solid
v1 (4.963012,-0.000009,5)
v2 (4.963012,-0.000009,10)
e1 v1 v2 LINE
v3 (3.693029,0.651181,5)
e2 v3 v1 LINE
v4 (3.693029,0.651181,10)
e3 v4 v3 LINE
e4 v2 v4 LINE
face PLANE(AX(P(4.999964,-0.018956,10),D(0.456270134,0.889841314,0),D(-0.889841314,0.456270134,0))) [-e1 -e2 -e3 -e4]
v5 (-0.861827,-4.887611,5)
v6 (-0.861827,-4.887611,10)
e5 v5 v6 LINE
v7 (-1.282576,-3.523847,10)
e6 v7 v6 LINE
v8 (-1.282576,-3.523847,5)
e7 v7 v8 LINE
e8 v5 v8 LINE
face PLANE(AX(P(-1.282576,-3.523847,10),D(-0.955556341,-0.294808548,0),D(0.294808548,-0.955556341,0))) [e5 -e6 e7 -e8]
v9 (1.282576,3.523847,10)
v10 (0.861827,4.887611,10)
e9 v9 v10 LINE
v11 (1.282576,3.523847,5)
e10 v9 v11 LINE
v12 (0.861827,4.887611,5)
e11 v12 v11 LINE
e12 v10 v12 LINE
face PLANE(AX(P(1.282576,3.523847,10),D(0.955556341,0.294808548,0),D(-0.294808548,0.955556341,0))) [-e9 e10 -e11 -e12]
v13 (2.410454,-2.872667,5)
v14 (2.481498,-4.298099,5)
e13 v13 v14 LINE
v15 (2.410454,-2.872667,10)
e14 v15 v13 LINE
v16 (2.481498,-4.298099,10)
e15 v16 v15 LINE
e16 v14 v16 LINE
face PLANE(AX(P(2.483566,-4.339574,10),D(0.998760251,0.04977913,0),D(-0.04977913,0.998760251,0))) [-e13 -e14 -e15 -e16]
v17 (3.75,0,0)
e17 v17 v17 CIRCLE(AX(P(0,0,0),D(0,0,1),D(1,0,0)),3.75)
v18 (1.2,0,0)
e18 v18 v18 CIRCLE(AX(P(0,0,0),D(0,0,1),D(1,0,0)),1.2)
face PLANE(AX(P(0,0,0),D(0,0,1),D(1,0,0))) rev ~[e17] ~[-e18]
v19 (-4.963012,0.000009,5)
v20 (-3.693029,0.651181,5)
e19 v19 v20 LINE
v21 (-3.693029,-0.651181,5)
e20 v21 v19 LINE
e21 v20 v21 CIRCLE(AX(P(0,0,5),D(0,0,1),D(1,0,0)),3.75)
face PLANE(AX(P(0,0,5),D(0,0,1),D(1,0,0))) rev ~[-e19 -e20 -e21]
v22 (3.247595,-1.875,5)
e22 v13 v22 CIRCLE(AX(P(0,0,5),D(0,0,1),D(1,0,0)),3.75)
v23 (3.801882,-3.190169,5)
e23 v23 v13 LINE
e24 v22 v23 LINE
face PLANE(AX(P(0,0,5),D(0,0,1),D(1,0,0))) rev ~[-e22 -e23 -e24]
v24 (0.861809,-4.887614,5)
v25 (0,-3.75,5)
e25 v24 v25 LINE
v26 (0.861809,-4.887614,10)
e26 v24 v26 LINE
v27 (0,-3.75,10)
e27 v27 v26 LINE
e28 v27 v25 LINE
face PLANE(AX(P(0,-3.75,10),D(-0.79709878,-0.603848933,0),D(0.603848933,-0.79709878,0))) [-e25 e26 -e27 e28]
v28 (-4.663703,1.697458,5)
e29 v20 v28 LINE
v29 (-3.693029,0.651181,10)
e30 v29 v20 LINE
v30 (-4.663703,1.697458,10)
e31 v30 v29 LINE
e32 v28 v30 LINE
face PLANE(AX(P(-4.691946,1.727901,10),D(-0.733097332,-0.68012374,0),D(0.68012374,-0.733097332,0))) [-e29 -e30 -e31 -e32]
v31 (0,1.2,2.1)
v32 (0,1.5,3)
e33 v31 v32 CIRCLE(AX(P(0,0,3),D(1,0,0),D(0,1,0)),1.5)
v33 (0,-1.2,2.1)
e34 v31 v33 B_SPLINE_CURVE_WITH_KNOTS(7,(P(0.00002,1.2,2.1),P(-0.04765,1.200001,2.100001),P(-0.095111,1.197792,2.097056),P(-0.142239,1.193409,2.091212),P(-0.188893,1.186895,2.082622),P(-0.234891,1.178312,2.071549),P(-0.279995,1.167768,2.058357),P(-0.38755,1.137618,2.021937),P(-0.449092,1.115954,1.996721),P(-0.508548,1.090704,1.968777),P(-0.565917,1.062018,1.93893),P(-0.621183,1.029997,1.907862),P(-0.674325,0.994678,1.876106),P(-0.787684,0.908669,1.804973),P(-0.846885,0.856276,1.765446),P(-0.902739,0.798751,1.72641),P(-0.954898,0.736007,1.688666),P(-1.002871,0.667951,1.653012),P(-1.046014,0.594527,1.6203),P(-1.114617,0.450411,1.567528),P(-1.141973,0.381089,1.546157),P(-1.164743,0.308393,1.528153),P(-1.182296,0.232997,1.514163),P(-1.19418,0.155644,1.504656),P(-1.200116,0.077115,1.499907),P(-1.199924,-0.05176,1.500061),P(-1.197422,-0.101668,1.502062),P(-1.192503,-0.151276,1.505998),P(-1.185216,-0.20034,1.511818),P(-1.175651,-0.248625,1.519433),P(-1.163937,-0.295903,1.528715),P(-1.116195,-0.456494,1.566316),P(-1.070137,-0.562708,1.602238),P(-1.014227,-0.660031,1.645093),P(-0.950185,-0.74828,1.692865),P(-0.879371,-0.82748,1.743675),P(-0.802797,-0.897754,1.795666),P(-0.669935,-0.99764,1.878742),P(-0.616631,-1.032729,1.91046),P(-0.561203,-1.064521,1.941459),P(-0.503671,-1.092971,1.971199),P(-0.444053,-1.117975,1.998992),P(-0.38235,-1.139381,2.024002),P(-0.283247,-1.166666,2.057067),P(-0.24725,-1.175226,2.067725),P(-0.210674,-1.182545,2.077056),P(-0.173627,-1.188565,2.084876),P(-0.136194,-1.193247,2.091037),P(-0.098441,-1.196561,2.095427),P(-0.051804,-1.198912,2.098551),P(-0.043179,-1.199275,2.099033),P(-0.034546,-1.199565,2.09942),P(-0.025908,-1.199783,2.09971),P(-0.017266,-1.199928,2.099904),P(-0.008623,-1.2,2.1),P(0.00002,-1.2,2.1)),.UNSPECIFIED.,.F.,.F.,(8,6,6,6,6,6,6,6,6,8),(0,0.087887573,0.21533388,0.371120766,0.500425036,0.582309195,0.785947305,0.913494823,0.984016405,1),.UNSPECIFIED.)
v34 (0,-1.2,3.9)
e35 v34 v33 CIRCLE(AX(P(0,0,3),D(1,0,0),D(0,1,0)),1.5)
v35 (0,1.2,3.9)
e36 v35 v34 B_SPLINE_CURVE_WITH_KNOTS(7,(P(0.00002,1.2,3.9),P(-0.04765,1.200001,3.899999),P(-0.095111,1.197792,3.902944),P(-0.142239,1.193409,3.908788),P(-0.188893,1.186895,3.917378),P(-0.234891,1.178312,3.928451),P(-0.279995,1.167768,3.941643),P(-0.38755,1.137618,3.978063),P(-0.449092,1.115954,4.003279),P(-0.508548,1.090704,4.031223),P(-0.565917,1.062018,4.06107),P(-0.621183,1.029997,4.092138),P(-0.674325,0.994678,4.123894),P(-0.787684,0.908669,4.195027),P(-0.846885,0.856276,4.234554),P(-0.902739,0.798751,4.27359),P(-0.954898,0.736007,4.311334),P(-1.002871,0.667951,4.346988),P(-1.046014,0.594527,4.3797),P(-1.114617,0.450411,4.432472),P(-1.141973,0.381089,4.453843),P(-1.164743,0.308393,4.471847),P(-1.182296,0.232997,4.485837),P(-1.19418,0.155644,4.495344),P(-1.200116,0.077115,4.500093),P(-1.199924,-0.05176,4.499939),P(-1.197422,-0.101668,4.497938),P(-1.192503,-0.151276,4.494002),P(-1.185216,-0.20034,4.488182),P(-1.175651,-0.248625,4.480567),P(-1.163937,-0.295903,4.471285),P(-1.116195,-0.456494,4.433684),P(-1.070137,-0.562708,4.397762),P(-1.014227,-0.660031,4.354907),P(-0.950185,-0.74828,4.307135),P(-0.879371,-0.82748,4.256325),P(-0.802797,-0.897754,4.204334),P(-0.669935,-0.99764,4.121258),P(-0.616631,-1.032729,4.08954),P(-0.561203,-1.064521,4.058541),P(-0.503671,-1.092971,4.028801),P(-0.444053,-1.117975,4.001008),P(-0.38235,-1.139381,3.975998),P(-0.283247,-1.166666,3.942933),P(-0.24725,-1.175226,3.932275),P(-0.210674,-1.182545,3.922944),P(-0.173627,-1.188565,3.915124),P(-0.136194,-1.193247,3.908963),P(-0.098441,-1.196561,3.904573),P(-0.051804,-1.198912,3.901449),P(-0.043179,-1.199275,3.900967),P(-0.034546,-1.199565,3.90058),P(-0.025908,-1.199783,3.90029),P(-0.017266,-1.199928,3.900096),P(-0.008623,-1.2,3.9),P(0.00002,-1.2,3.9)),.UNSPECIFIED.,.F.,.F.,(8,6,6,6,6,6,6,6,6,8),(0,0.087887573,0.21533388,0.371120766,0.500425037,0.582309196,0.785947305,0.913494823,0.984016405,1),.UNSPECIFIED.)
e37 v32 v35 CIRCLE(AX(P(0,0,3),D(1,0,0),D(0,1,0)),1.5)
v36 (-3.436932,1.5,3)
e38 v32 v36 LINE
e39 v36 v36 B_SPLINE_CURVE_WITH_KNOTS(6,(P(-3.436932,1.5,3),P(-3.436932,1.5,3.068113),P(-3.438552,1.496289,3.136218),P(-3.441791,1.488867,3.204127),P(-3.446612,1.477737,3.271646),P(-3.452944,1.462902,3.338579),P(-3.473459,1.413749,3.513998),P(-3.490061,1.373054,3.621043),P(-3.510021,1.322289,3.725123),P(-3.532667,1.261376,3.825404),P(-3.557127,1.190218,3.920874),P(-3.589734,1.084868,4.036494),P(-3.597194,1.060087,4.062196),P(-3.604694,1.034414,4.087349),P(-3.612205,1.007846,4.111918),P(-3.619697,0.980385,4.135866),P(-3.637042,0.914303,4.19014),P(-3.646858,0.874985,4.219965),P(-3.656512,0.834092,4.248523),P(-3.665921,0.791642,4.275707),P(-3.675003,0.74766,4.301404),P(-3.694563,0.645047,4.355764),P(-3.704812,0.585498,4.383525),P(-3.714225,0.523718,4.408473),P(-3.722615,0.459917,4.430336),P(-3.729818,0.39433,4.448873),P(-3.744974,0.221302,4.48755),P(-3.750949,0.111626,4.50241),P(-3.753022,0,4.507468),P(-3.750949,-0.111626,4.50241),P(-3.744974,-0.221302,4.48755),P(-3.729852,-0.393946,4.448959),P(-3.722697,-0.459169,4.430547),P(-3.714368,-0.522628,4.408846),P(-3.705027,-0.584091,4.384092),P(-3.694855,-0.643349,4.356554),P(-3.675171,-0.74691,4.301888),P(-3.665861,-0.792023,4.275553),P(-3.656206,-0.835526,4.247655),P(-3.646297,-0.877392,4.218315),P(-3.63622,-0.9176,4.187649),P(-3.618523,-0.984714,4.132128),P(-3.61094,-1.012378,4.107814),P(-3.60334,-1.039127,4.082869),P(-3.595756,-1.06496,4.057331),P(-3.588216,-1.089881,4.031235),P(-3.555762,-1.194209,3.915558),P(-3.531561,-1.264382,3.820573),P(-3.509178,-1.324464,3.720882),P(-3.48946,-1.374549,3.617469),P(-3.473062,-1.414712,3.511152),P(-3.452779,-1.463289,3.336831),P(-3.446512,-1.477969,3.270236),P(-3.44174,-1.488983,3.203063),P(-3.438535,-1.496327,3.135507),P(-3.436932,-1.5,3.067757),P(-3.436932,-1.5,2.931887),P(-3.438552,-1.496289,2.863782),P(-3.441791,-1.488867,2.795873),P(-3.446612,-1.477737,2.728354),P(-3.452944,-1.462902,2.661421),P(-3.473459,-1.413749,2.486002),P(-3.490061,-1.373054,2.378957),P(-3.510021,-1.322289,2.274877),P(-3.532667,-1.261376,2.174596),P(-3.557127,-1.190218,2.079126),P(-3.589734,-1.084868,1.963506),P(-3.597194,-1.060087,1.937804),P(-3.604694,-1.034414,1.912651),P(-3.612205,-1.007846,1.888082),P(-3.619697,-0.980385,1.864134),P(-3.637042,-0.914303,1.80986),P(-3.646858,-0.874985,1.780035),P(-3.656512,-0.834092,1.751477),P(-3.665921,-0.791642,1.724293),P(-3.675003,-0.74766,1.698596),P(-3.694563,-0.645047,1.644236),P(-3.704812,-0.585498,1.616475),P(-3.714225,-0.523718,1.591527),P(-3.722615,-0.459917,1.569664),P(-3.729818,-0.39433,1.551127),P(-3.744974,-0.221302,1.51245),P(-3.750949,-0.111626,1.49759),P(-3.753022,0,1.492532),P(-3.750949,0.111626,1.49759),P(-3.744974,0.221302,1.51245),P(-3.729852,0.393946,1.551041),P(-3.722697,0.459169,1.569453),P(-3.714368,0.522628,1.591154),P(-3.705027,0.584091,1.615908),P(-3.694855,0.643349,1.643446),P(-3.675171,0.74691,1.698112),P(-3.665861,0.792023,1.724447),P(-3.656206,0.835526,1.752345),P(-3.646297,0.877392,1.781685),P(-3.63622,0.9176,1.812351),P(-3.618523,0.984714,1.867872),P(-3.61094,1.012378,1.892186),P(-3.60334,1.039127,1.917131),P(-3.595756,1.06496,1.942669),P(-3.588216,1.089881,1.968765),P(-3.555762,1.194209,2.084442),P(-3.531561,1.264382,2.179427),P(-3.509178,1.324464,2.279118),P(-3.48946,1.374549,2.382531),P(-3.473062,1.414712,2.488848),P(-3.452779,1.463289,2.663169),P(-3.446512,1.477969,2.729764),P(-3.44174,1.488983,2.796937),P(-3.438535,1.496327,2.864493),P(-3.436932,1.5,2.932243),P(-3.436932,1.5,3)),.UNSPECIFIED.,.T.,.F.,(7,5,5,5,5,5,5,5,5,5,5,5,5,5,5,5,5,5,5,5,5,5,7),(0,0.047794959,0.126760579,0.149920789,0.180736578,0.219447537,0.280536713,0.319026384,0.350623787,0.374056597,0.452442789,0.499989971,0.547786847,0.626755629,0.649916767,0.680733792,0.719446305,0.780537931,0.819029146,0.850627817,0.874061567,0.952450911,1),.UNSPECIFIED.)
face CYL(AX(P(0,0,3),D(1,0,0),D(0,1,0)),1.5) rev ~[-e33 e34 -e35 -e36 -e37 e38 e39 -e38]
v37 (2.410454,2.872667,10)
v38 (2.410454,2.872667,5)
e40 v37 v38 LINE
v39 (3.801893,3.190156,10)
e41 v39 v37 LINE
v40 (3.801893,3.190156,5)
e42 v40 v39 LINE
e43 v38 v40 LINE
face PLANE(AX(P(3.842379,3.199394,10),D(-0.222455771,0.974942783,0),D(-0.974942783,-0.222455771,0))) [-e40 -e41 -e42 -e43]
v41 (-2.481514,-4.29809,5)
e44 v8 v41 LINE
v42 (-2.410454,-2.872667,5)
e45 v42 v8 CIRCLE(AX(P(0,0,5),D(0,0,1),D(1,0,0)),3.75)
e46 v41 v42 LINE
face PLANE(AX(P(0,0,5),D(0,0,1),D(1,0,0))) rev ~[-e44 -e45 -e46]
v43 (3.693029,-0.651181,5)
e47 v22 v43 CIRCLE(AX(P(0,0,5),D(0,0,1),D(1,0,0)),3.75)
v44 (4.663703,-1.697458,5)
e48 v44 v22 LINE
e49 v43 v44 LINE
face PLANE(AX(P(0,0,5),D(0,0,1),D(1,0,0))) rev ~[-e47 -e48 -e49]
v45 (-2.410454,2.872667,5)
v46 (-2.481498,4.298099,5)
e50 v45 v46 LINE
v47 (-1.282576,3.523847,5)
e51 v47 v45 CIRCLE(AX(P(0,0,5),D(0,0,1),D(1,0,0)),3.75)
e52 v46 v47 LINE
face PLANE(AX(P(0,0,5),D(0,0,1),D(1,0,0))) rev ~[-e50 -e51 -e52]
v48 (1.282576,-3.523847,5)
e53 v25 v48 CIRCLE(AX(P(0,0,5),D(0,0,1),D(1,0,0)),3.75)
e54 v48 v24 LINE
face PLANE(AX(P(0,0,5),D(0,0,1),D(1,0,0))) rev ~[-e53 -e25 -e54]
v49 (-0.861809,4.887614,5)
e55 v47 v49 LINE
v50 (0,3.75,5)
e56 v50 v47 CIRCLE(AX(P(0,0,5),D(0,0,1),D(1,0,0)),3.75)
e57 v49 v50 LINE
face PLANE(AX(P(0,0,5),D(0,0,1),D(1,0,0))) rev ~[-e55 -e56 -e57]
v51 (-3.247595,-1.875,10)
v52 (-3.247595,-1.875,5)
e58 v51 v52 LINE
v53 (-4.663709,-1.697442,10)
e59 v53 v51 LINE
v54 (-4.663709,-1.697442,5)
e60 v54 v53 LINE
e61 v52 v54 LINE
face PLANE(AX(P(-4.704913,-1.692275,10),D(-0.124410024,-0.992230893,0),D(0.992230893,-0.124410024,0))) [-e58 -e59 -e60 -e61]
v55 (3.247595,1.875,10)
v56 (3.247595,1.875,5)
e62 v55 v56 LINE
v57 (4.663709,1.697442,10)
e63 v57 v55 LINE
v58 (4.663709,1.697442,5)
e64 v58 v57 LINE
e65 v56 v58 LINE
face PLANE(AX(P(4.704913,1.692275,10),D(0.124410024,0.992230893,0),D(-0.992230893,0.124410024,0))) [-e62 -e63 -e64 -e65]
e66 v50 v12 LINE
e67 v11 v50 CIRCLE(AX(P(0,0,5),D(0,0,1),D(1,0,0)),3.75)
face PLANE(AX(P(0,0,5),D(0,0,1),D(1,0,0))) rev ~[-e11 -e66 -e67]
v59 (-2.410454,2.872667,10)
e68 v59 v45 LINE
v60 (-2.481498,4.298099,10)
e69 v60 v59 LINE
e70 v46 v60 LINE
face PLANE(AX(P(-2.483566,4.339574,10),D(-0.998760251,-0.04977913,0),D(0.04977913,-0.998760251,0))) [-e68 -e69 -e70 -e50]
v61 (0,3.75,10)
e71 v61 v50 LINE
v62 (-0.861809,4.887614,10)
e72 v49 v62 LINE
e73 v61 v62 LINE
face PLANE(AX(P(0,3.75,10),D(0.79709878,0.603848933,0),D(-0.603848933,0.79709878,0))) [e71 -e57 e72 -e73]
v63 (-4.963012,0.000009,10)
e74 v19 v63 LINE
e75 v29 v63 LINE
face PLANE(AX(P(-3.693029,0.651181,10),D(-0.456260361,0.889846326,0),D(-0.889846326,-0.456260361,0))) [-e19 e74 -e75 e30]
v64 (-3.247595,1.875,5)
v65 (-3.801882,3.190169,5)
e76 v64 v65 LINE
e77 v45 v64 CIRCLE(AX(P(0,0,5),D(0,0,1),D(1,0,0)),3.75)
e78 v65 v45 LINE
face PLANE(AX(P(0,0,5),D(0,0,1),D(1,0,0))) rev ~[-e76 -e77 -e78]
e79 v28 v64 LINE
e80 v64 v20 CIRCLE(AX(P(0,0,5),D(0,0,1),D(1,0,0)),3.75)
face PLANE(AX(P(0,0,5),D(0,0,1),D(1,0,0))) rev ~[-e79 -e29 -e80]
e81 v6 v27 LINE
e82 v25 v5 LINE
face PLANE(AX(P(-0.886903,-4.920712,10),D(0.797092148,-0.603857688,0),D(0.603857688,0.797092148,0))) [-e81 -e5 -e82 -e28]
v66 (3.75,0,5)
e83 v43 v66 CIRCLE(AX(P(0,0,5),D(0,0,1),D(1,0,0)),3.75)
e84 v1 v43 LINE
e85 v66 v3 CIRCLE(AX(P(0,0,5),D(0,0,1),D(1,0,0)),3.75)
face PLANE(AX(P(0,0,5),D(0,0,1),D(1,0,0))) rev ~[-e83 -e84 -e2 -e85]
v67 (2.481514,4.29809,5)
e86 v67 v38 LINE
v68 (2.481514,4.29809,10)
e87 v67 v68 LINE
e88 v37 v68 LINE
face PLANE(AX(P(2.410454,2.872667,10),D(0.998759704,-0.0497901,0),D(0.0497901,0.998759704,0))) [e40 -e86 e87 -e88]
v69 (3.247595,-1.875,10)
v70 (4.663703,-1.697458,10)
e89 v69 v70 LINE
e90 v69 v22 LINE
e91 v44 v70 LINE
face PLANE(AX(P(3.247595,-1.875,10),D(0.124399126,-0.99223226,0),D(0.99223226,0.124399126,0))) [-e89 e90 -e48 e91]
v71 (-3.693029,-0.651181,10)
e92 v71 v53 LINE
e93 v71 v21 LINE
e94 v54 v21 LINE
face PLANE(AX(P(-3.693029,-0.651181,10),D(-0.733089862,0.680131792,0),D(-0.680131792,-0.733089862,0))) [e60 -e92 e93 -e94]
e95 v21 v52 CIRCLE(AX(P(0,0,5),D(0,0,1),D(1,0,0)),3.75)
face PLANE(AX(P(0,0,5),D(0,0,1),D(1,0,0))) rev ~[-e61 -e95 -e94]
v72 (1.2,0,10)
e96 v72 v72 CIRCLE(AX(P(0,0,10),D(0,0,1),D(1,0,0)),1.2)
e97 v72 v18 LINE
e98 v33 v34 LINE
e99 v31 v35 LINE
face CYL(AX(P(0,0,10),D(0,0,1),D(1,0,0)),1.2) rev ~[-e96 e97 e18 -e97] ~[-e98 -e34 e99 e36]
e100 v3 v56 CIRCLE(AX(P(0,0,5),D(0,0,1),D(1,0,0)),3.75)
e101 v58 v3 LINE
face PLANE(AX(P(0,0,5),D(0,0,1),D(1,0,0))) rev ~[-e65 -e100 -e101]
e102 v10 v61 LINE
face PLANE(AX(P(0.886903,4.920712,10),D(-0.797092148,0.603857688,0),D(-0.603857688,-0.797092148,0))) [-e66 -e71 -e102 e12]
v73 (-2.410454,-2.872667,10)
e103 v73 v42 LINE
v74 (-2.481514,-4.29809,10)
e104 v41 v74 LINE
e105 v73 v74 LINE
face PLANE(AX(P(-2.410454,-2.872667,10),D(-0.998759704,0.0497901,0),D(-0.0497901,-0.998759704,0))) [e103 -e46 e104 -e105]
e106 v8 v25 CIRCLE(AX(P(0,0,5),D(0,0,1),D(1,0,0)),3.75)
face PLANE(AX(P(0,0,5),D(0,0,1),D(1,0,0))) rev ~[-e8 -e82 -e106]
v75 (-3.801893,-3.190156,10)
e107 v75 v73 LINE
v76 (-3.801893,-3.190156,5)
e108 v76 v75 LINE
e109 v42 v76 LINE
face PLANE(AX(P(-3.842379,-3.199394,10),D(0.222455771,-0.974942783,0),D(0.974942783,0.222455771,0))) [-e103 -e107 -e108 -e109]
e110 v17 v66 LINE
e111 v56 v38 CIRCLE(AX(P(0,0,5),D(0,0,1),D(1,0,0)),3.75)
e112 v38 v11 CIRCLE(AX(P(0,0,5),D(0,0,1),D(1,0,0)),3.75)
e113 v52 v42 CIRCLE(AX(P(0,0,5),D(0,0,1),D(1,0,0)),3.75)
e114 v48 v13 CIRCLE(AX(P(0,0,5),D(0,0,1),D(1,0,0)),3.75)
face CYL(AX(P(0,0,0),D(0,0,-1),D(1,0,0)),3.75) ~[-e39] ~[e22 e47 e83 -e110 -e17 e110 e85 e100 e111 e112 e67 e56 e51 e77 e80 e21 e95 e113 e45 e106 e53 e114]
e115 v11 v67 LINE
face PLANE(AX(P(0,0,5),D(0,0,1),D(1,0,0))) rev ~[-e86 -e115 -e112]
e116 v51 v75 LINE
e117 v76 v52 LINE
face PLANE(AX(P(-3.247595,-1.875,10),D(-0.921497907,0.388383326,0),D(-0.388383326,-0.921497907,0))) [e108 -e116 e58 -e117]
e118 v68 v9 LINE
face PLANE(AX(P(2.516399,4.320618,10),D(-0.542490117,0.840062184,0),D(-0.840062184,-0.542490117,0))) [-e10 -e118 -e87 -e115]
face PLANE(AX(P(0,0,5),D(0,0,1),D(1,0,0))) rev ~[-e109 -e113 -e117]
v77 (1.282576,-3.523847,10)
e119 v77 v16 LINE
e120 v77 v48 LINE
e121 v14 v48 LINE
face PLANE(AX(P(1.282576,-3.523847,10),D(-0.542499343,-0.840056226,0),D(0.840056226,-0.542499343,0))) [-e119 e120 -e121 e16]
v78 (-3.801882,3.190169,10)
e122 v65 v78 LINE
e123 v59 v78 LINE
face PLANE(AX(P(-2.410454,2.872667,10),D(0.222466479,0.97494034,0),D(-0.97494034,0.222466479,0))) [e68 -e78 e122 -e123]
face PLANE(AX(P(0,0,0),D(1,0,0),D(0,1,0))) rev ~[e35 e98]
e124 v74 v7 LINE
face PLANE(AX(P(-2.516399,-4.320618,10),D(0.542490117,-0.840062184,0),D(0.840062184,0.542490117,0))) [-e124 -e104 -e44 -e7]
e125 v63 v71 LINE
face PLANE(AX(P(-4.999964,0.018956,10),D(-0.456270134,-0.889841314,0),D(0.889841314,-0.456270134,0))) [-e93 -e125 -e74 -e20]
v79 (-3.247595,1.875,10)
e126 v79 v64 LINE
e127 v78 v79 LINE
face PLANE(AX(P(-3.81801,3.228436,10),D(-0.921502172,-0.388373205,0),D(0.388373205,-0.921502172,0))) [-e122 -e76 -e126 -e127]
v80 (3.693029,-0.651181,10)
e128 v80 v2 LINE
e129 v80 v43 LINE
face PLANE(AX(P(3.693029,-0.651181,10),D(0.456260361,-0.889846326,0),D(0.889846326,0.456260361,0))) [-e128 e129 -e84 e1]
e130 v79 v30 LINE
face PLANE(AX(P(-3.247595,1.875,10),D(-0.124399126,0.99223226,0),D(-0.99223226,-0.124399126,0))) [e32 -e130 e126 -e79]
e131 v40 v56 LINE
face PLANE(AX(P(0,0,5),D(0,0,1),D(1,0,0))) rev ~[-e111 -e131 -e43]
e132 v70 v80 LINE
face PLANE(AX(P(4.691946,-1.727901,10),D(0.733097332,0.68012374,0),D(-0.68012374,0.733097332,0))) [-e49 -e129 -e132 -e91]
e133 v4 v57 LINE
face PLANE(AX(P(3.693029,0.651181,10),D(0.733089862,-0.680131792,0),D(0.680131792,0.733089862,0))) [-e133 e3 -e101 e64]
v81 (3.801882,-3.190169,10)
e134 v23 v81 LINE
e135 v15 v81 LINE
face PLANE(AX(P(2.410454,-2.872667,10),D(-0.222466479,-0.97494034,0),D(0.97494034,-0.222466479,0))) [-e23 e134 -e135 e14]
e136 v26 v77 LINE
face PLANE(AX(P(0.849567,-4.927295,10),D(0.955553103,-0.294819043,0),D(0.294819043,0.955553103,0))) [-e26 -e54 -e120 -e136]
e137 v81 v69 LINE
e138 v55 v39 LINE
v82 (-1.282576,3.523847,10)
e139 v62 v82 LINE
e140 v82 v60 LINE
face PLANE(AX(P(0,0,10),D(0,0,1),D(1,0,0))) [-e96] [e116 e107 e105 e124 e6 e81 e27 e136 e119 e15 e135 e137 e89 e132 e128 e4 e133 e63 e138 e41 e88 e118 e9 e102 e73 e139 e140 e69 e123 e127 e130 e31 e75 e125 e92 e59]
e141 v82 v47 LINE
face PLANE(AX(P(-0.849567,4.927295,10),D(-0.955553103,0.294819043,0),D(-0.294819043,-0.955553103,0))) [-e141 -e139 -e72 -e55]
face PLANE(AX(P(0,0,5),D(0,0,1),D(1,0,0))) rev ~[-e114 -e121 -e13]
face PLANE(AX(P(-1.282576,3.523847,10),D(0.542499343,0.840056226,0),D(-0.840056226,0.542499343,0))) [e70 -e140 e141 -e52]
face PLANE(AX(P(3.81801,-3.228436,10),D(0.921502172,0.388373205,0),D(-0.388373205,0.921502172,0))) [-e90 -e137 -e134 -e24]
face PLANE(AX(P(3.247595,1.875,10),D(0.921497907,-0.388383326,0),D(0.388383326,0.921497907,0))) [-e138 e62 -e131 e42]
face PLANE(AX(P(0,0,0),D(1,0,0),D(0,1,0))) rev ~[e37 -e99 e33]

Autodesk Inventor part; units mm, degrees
ref_plane "YZ Plane" through (0, 0, 0) normal (1, 0, 0) x (0, 1, 0)
ref_plane "XZ Plane" through (0, 0, 0) normal (0, 1, 0) x (-1, 0, 0)
ref_plane "XY Plane" through (0, 0, 0) normal (0, 0, 1) x (1, 0, 0)
sketch "Esquisse1" plane through (0, 0, 0) normal (0, 0, 1) x (1, 0, 0)
  circle A0 centre (0, 0) radius 3.75
  dimension "d0" = 7.5
extrude "Extrusion1" add sketch "Esquisse1" along normal blind 5
sketch "Esquisse3" plane through (0, 0, 5) normal (0, 0, 1) x (1, 0, 0)
  circle A0 centre (0, 0) radius 5
  dimension "d12" = 10
extrude "Extrusion2" add sketch "Esquisse3" along normal blind 5
sketch "Esquisse4" plane through (0, 0, 10) normal (0, 0, 1) x (1, 0, 0)
  circle A0 centre (0, 0) radius 3.75
  circle A1 centre (0, 0) radius 5 projected
  circle A2 centre (0, 0) radius 3.75 projected
  line L0 (0, 3.75) -> (-0.9296, 4.9771)
  line L1 (-0.9296, 4.9771) -> (-1, 5.07)
  line L2 (-1, 5.07) -> (1, 5.07)
  line L3 (1, 5.07) -> (0, 3.75)
  dimension "d15" = 7.5
  dimension "d16" = 2
  dimension "d17" = 1.32
  dimension "d18" = 1
extrude "Extrusion3" cut sketch "Esquisse4" against normal blind 5 contours L0 A1 L3 | L0 L1 L2 L3 A1 picked at (0.3946, 4.554)
pattern_circular "Réseau circulaire1" count 18 over 360 about axis through (0, 0, 5) along (0, 0, 1) of "Extrusion3"
sketch "Esquisse5" plane through (0, 0, 10) normal (0, 0, 1) x (1, 0, 0)
  circle A0 centre (0, 0) radius 1.2
  dimension "d24" = 2.4
extrude "Extrusion4" cut sketch "Esquisse5" against normal through all
sketch "Esquisse6" plane through (0, 0, 0) normal (1, 0, 0) x (0, 1, 0)
  circle A0 centre (0, 3) radius 1.5
  line L0 (-3.75, 0) -> (3.75, 0) projected
  point P0 (0, 0)
  dimension "d27" = 3
  dimension "d28" = 3
extrude "Extrusion5" cut sketch "Esquisse6" against normal blind 5
equation "\"d18\" = 0.5 * d16"
properties part number "Pignon" material "Laiton, jaune doux, soudé"
